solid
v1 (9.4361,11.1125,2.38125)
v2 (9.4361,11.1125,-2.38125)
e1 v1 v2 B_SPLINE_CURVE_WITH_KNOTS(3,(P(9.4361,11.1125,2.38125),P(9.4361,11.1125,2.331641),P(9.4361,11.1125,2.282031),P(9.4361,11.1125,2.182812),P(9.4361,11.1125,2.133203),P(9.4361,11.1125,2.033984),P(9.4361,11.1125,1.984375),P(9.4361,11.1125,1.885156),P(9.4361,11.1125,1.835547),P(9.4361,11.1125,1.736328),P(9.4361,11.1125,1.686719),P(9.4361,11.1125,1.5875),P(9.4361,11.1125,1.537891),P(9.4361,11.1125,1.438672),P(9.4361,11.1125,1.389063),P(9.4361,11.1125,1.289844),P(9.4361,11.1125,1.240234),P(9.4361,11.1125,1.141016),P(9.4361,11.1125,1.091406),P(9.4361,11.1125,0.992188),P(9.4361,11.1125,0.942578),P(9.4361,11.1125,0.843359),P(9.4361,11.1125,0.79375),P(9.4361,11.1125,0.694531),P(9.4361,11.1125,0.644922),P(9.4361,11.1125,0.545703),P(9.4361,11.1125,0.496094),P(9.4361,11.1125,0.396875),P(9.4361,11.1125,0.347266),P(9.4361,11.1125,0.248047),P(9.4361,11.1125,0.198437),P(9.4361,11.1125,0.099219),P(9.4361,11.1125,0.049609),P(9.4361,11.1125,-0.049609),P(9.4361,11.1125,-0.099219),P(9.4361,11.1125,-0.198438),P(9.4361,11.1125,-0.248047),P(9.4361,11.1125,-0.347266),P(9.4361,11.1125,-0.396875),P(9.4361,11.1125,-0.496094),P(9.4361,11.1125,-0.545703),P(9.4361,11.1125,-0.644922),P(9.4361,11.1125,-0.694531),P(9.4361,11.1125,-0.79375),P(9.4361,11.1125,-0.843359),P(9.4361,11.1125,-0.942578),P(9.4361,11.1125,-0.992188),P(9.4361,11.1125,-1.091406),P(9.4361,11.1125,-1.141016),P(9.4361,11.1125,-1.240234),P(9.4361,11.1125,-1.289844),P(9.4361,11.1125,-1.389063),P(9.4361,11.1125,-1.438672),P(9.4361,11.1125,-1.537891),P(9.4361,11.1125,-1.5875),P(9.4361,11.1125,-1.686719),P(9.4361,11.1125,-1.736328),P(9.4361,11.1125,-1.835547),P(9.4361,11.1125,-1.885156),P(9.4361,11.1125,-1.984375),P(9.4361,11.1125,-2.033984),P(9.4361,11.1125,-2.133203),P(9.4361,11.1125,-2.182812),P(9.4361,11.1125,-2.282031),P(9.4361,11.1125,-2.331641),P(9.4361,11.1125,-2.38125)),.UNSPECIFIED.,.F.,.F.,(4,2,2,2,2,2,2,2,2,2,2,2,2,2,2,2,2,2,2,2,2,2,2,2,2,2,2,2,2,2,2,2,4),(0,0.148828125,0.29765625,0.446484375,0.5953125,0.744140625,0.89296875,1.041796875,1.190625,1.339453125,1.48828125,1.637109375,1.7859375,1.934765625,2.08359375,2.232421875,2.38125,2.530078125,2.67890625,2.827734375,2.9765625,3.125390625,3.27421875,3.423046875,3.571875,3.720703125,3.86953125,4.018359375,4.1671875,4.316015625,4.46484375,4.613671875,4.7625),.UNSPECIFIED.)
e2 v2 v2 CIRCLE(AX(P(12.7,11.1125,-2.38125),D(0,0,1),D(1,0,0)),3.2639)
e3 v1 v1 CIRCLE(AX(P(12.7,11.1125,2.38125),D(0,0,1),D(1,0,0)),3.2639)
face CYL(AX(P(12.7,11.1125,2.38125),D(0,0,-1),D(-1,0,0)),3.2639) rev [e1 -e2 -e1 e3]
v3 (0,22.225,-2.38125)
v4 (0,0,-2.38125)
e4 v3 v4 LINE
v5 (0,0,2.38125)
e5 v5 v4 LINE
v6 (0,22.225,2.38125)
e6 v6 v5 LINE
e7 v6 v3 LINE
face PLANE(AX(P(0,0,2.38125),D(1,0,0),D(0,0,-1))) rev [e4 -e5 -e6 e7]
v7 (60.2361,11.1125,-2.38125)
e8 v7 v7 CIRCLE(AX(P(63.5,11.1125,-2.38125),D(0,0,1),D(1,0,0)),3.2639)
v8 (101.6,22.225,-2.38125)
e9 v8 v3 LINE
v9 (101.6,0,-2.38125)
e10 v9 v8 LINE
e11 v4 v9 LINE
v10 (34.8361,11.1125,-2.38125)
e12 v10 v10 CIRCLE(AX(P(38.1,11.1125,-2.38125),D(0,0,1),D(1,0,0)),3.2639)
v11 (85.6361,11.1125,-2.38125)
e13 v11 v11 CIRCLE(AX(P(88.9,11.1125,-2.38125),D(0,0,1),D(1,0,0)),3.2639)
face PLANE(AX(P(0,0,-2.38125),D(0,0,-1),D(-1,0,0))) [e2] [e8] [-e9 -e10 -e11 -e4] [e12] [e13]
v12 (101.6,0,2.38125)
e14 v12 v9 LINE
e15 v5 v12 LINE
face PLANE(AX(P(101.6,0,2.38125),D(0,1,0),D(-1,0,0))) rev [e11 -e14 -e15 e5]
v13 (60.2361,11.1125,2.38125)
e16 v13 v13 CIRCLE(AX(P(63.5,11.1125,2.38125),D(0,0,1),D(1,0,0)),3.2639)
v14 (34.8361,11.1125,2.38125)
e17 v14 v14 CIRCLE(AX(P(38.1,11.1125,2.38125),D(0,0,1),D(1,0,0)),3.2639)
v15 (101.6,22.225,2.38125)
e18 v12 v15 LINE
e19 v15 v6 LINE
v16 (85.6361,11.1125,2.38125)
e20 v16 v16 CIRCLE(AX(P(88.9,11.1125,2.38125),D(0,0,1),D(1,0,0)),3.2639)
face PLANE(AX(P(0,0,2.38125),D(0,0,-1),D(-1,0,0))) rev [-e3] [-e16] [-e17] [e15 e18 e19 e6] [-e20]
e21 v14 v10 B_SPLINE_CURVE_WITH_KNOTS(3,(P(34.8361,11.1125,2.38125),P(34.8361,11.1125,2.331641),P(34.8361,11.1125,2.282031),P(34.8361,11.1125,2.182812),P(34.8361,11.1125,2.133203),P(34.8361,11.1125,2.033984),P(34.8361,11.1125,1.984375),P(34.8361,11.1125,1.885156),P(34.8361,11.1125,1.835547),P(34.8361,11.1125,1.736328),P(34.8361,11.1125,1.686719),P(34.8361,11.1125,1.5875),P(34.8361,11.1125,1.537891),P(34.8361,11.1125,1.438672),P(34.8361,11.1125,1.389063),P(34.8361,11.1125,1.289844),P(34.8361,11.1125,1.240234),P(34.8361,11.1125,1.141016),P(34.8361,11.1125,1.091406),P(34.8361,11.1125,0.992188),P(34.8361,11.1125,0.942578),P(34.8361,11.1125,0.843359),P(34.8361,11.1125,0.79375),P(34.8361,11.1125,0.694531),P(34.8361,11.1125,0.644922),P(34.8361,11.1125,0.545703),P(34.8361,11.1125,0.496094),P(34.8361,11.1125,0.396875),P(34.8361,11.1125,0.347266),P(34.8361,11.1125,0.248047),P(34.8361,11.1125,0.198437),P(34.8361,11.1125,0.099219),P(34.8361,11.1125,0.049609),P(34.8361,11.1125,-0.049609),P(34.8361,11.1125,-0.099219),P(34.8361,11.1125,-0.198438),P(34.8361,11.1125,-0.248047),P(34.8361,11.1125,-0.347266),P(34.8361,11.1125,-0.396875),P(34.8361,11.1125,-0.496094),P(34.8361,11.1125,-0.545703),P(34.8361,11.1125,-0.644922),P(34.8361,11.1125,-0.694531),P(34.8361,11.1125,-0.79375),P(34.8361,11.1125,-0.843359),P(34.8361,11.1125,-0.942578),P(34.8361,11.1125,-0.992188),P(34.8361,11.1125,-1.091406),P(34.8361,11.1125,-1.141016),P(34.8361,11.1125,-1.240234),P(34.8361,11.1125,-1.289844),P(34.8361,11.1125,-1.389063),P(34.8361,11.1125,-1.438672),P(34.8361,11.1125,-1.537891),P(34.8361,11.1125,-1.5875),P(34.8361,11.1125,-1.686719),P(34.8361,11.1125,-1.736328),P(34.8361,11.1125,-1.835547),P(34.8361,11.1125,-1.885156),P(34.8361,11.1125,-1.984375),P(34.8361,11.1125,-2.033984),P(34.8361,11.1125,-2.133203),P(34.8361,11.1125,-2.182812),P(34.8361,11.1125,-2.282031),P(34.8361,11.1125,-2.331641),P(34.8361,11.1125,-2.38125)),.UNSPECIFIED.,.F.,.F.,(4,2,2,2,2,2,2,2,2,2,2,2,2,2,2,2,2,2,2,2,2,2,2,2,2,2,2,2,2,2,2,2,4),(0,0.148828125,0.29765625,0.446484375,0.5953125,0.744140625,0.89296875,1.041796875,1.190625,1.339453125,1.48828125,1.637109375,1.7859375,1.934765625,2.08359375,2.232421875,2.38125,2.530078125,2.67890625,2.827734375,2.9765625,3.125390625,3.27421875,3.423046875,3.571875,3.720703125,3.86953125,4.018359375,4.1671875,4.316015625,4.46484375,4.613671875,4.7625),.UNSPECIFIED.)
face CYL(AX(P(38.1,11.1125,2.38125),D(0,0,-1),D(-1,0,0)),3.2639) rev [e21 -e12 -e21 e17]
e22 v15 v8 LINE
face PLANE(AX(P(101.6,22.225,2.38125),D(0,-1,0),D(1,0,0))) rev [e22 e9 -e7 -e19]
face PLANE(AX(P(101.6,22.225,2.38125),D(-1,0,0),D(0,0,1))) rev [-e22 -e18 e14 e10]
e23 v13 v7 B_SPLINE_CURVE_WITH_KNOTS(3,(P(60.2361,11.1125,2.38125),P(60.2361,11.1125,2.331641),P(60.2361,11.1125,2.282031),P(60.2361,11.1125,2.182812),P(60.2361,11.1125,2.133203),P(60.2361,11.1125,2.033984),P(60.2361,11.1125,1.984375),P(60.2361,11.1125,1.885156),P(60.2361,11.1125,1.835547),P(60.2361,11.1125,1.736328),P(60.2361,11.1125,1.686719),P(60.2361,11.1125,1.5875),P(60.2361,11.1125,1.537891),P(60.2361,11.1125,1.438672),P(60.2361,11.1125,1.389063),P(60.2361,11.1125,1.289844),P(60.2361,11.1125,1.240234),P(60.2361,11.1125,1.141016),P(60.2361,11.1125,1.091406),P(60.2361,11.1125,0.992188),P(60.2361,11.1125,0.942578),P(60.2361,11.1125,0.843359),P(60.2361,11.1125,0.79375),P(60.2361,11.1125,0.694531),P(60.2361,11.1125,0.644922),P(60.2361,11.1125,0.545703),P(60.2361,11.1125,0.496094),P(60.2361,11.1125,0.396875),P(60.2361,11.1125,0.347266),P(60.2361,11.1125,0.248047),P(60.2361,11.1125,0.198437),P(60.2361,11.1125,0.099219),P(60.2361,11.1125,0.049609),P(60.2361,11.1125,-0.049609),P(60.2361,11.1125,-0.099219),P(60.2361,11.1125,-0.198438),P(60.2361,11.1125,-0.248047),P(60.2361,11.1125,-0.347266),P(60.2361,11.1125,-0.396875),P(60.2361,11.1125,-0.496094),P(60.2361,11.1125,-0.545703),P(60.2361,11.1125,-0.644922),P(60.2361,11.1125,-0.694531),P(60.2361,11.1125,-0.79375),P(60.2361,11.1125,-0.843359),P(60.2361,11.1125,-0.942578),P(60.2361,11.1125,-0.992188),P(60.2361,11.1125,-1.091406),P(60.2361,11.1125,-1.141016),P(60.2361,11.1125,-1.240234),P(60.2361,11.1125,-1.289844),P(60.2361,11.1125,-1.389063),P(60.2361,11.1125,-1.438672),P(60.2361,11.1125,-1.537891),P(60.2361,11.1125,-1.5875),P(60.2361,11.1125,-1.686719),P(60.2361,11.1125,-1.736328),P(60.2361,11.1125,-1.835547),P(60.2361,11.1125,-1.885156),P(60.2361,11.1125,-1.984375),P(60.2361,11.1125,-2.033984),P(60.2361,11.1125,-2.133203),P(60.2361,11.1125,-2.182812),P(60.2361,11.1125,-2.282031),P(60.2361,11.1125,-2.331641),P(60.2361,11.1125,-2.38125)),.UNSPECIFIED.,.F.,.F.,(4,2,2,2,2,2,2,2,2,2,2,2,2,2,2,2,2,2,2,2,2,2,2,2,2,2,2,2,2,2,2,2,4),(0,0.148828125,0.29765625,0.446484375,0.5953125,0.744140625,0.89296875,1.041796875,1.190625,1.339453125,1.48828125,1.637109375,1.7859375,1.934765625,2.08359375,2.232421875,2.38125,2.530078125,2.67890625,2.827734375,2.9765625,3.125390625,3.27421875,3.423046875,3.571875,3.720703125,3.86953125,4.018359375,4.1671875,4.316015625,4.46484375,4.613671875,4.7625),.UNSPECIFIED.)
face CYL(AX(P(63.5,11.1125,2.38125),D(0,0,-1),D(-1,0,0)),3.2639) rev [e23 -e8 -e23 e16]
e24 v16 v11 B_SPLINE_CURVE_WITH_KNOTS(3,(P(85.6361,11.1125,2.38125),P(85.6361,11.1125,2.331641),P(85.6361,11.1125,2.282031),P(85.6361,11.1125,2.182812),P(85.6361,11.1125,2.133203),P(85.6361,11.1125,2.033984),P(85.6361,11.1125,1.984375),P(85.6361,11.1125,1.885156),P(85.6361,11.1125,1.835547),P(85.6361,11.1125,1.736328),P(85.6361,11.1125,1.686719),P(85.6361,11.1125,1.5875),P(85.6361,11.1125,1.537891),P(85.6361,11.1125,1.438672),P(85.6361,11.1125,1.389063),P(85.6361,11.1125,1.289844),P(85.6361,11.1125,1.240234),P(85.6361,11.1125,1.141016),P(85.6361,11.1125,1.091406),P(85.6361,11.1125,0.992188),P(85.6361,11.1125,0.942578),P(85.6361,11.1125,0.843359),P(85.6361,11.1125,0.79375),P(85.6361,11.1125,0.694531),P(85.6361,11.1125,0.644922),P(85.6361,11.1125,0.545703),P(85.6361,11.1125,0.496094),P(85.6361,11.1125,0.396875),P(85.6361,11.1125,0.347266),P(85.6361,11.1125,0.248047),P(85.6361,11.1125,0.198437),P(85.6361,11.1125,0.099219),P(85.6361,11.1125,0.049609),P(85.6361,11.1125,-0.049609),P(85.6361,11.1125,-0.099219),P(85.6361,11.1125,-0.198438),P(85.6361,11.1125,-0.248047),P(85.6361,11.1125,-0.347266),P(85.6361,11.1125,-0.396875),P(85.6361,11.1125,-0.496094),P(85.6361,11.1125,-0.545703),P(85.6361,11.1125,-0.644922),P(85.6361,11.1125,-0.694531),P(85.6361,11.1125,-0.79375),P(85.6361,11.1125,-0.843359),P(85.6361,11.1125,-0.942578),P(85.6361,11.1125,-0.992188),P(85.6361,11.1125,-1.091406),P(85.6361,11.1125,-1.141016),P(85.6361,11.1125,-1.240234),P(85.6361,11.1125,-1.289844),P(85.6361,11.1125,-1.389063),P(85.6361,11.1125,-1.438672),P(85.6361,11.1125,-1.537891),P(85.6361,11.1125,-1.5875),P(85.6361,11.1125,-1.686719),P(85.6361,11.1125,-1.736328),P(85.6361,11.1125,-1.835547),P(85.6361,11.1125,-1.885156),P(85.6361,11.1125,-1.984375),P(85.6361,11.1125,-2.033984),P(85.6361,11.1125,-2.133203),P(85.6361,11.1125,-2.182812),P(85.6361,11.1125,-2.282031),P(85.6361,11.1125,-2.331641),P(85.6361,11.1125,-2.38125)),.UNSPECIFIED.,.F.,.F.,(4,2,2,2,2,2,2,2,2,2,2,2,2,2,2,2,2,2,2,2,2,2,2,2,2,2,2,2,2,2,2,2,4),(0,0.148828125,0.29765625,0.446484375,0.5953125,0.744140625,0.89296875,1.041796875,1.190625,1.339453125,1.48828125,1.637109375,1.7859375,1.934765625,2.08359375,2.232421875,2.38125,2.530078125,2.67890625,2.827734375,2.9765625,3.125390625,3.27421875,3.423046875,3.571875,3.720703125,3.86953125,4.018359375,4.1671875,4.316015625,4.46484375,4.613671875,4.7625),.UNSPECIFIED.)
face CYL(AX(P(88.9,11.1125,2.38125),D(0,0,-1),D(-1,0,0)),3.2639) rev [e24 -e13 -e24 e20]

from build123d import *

# Parameters (mm, degrees)
SKETCH1_W           = 101.6
SKETCH1_H           = 22.225
SKETCH1_R           = 3.2639
BOSS_EXTRUDE1_DEPTH = 2.38125


with BuildPart() as part:
    # Sketch1 → Boss-Extrude1 (new, symmetric)
    with BuildSketch(Plane.XY):
        with Locations((50.8, 11.1125)):
            Rectangle(SKETCH1_W, SKETCH1_H)
        with Locations(Location((12.7, 11.1125, 0), (0, 0, 180))):
            Circle(SKETCH1_R, mode=Mode.SUBTRACT)
        with Locations(Location((38.1, 11.1125, 0), (0, 0, 180))):
            Circle(SKETCH1_R, mode=Mode.SUBTRACT)
        with Locations(Location((63.5, 11.1125, 0), (0, 0, 180))):
            Circle(SKETCH1_R, mode=Mode.SUBTRACT)
        with Locations(Location((88.9, 11.1125, 0), (0, 0, 180))):
            Circle(SKETCH1_R, mode=Mode.SUBTRACT)
    extrude(amount=BOSS_EXTRUDE1_DEPTH, both=True)


solid = part.part
